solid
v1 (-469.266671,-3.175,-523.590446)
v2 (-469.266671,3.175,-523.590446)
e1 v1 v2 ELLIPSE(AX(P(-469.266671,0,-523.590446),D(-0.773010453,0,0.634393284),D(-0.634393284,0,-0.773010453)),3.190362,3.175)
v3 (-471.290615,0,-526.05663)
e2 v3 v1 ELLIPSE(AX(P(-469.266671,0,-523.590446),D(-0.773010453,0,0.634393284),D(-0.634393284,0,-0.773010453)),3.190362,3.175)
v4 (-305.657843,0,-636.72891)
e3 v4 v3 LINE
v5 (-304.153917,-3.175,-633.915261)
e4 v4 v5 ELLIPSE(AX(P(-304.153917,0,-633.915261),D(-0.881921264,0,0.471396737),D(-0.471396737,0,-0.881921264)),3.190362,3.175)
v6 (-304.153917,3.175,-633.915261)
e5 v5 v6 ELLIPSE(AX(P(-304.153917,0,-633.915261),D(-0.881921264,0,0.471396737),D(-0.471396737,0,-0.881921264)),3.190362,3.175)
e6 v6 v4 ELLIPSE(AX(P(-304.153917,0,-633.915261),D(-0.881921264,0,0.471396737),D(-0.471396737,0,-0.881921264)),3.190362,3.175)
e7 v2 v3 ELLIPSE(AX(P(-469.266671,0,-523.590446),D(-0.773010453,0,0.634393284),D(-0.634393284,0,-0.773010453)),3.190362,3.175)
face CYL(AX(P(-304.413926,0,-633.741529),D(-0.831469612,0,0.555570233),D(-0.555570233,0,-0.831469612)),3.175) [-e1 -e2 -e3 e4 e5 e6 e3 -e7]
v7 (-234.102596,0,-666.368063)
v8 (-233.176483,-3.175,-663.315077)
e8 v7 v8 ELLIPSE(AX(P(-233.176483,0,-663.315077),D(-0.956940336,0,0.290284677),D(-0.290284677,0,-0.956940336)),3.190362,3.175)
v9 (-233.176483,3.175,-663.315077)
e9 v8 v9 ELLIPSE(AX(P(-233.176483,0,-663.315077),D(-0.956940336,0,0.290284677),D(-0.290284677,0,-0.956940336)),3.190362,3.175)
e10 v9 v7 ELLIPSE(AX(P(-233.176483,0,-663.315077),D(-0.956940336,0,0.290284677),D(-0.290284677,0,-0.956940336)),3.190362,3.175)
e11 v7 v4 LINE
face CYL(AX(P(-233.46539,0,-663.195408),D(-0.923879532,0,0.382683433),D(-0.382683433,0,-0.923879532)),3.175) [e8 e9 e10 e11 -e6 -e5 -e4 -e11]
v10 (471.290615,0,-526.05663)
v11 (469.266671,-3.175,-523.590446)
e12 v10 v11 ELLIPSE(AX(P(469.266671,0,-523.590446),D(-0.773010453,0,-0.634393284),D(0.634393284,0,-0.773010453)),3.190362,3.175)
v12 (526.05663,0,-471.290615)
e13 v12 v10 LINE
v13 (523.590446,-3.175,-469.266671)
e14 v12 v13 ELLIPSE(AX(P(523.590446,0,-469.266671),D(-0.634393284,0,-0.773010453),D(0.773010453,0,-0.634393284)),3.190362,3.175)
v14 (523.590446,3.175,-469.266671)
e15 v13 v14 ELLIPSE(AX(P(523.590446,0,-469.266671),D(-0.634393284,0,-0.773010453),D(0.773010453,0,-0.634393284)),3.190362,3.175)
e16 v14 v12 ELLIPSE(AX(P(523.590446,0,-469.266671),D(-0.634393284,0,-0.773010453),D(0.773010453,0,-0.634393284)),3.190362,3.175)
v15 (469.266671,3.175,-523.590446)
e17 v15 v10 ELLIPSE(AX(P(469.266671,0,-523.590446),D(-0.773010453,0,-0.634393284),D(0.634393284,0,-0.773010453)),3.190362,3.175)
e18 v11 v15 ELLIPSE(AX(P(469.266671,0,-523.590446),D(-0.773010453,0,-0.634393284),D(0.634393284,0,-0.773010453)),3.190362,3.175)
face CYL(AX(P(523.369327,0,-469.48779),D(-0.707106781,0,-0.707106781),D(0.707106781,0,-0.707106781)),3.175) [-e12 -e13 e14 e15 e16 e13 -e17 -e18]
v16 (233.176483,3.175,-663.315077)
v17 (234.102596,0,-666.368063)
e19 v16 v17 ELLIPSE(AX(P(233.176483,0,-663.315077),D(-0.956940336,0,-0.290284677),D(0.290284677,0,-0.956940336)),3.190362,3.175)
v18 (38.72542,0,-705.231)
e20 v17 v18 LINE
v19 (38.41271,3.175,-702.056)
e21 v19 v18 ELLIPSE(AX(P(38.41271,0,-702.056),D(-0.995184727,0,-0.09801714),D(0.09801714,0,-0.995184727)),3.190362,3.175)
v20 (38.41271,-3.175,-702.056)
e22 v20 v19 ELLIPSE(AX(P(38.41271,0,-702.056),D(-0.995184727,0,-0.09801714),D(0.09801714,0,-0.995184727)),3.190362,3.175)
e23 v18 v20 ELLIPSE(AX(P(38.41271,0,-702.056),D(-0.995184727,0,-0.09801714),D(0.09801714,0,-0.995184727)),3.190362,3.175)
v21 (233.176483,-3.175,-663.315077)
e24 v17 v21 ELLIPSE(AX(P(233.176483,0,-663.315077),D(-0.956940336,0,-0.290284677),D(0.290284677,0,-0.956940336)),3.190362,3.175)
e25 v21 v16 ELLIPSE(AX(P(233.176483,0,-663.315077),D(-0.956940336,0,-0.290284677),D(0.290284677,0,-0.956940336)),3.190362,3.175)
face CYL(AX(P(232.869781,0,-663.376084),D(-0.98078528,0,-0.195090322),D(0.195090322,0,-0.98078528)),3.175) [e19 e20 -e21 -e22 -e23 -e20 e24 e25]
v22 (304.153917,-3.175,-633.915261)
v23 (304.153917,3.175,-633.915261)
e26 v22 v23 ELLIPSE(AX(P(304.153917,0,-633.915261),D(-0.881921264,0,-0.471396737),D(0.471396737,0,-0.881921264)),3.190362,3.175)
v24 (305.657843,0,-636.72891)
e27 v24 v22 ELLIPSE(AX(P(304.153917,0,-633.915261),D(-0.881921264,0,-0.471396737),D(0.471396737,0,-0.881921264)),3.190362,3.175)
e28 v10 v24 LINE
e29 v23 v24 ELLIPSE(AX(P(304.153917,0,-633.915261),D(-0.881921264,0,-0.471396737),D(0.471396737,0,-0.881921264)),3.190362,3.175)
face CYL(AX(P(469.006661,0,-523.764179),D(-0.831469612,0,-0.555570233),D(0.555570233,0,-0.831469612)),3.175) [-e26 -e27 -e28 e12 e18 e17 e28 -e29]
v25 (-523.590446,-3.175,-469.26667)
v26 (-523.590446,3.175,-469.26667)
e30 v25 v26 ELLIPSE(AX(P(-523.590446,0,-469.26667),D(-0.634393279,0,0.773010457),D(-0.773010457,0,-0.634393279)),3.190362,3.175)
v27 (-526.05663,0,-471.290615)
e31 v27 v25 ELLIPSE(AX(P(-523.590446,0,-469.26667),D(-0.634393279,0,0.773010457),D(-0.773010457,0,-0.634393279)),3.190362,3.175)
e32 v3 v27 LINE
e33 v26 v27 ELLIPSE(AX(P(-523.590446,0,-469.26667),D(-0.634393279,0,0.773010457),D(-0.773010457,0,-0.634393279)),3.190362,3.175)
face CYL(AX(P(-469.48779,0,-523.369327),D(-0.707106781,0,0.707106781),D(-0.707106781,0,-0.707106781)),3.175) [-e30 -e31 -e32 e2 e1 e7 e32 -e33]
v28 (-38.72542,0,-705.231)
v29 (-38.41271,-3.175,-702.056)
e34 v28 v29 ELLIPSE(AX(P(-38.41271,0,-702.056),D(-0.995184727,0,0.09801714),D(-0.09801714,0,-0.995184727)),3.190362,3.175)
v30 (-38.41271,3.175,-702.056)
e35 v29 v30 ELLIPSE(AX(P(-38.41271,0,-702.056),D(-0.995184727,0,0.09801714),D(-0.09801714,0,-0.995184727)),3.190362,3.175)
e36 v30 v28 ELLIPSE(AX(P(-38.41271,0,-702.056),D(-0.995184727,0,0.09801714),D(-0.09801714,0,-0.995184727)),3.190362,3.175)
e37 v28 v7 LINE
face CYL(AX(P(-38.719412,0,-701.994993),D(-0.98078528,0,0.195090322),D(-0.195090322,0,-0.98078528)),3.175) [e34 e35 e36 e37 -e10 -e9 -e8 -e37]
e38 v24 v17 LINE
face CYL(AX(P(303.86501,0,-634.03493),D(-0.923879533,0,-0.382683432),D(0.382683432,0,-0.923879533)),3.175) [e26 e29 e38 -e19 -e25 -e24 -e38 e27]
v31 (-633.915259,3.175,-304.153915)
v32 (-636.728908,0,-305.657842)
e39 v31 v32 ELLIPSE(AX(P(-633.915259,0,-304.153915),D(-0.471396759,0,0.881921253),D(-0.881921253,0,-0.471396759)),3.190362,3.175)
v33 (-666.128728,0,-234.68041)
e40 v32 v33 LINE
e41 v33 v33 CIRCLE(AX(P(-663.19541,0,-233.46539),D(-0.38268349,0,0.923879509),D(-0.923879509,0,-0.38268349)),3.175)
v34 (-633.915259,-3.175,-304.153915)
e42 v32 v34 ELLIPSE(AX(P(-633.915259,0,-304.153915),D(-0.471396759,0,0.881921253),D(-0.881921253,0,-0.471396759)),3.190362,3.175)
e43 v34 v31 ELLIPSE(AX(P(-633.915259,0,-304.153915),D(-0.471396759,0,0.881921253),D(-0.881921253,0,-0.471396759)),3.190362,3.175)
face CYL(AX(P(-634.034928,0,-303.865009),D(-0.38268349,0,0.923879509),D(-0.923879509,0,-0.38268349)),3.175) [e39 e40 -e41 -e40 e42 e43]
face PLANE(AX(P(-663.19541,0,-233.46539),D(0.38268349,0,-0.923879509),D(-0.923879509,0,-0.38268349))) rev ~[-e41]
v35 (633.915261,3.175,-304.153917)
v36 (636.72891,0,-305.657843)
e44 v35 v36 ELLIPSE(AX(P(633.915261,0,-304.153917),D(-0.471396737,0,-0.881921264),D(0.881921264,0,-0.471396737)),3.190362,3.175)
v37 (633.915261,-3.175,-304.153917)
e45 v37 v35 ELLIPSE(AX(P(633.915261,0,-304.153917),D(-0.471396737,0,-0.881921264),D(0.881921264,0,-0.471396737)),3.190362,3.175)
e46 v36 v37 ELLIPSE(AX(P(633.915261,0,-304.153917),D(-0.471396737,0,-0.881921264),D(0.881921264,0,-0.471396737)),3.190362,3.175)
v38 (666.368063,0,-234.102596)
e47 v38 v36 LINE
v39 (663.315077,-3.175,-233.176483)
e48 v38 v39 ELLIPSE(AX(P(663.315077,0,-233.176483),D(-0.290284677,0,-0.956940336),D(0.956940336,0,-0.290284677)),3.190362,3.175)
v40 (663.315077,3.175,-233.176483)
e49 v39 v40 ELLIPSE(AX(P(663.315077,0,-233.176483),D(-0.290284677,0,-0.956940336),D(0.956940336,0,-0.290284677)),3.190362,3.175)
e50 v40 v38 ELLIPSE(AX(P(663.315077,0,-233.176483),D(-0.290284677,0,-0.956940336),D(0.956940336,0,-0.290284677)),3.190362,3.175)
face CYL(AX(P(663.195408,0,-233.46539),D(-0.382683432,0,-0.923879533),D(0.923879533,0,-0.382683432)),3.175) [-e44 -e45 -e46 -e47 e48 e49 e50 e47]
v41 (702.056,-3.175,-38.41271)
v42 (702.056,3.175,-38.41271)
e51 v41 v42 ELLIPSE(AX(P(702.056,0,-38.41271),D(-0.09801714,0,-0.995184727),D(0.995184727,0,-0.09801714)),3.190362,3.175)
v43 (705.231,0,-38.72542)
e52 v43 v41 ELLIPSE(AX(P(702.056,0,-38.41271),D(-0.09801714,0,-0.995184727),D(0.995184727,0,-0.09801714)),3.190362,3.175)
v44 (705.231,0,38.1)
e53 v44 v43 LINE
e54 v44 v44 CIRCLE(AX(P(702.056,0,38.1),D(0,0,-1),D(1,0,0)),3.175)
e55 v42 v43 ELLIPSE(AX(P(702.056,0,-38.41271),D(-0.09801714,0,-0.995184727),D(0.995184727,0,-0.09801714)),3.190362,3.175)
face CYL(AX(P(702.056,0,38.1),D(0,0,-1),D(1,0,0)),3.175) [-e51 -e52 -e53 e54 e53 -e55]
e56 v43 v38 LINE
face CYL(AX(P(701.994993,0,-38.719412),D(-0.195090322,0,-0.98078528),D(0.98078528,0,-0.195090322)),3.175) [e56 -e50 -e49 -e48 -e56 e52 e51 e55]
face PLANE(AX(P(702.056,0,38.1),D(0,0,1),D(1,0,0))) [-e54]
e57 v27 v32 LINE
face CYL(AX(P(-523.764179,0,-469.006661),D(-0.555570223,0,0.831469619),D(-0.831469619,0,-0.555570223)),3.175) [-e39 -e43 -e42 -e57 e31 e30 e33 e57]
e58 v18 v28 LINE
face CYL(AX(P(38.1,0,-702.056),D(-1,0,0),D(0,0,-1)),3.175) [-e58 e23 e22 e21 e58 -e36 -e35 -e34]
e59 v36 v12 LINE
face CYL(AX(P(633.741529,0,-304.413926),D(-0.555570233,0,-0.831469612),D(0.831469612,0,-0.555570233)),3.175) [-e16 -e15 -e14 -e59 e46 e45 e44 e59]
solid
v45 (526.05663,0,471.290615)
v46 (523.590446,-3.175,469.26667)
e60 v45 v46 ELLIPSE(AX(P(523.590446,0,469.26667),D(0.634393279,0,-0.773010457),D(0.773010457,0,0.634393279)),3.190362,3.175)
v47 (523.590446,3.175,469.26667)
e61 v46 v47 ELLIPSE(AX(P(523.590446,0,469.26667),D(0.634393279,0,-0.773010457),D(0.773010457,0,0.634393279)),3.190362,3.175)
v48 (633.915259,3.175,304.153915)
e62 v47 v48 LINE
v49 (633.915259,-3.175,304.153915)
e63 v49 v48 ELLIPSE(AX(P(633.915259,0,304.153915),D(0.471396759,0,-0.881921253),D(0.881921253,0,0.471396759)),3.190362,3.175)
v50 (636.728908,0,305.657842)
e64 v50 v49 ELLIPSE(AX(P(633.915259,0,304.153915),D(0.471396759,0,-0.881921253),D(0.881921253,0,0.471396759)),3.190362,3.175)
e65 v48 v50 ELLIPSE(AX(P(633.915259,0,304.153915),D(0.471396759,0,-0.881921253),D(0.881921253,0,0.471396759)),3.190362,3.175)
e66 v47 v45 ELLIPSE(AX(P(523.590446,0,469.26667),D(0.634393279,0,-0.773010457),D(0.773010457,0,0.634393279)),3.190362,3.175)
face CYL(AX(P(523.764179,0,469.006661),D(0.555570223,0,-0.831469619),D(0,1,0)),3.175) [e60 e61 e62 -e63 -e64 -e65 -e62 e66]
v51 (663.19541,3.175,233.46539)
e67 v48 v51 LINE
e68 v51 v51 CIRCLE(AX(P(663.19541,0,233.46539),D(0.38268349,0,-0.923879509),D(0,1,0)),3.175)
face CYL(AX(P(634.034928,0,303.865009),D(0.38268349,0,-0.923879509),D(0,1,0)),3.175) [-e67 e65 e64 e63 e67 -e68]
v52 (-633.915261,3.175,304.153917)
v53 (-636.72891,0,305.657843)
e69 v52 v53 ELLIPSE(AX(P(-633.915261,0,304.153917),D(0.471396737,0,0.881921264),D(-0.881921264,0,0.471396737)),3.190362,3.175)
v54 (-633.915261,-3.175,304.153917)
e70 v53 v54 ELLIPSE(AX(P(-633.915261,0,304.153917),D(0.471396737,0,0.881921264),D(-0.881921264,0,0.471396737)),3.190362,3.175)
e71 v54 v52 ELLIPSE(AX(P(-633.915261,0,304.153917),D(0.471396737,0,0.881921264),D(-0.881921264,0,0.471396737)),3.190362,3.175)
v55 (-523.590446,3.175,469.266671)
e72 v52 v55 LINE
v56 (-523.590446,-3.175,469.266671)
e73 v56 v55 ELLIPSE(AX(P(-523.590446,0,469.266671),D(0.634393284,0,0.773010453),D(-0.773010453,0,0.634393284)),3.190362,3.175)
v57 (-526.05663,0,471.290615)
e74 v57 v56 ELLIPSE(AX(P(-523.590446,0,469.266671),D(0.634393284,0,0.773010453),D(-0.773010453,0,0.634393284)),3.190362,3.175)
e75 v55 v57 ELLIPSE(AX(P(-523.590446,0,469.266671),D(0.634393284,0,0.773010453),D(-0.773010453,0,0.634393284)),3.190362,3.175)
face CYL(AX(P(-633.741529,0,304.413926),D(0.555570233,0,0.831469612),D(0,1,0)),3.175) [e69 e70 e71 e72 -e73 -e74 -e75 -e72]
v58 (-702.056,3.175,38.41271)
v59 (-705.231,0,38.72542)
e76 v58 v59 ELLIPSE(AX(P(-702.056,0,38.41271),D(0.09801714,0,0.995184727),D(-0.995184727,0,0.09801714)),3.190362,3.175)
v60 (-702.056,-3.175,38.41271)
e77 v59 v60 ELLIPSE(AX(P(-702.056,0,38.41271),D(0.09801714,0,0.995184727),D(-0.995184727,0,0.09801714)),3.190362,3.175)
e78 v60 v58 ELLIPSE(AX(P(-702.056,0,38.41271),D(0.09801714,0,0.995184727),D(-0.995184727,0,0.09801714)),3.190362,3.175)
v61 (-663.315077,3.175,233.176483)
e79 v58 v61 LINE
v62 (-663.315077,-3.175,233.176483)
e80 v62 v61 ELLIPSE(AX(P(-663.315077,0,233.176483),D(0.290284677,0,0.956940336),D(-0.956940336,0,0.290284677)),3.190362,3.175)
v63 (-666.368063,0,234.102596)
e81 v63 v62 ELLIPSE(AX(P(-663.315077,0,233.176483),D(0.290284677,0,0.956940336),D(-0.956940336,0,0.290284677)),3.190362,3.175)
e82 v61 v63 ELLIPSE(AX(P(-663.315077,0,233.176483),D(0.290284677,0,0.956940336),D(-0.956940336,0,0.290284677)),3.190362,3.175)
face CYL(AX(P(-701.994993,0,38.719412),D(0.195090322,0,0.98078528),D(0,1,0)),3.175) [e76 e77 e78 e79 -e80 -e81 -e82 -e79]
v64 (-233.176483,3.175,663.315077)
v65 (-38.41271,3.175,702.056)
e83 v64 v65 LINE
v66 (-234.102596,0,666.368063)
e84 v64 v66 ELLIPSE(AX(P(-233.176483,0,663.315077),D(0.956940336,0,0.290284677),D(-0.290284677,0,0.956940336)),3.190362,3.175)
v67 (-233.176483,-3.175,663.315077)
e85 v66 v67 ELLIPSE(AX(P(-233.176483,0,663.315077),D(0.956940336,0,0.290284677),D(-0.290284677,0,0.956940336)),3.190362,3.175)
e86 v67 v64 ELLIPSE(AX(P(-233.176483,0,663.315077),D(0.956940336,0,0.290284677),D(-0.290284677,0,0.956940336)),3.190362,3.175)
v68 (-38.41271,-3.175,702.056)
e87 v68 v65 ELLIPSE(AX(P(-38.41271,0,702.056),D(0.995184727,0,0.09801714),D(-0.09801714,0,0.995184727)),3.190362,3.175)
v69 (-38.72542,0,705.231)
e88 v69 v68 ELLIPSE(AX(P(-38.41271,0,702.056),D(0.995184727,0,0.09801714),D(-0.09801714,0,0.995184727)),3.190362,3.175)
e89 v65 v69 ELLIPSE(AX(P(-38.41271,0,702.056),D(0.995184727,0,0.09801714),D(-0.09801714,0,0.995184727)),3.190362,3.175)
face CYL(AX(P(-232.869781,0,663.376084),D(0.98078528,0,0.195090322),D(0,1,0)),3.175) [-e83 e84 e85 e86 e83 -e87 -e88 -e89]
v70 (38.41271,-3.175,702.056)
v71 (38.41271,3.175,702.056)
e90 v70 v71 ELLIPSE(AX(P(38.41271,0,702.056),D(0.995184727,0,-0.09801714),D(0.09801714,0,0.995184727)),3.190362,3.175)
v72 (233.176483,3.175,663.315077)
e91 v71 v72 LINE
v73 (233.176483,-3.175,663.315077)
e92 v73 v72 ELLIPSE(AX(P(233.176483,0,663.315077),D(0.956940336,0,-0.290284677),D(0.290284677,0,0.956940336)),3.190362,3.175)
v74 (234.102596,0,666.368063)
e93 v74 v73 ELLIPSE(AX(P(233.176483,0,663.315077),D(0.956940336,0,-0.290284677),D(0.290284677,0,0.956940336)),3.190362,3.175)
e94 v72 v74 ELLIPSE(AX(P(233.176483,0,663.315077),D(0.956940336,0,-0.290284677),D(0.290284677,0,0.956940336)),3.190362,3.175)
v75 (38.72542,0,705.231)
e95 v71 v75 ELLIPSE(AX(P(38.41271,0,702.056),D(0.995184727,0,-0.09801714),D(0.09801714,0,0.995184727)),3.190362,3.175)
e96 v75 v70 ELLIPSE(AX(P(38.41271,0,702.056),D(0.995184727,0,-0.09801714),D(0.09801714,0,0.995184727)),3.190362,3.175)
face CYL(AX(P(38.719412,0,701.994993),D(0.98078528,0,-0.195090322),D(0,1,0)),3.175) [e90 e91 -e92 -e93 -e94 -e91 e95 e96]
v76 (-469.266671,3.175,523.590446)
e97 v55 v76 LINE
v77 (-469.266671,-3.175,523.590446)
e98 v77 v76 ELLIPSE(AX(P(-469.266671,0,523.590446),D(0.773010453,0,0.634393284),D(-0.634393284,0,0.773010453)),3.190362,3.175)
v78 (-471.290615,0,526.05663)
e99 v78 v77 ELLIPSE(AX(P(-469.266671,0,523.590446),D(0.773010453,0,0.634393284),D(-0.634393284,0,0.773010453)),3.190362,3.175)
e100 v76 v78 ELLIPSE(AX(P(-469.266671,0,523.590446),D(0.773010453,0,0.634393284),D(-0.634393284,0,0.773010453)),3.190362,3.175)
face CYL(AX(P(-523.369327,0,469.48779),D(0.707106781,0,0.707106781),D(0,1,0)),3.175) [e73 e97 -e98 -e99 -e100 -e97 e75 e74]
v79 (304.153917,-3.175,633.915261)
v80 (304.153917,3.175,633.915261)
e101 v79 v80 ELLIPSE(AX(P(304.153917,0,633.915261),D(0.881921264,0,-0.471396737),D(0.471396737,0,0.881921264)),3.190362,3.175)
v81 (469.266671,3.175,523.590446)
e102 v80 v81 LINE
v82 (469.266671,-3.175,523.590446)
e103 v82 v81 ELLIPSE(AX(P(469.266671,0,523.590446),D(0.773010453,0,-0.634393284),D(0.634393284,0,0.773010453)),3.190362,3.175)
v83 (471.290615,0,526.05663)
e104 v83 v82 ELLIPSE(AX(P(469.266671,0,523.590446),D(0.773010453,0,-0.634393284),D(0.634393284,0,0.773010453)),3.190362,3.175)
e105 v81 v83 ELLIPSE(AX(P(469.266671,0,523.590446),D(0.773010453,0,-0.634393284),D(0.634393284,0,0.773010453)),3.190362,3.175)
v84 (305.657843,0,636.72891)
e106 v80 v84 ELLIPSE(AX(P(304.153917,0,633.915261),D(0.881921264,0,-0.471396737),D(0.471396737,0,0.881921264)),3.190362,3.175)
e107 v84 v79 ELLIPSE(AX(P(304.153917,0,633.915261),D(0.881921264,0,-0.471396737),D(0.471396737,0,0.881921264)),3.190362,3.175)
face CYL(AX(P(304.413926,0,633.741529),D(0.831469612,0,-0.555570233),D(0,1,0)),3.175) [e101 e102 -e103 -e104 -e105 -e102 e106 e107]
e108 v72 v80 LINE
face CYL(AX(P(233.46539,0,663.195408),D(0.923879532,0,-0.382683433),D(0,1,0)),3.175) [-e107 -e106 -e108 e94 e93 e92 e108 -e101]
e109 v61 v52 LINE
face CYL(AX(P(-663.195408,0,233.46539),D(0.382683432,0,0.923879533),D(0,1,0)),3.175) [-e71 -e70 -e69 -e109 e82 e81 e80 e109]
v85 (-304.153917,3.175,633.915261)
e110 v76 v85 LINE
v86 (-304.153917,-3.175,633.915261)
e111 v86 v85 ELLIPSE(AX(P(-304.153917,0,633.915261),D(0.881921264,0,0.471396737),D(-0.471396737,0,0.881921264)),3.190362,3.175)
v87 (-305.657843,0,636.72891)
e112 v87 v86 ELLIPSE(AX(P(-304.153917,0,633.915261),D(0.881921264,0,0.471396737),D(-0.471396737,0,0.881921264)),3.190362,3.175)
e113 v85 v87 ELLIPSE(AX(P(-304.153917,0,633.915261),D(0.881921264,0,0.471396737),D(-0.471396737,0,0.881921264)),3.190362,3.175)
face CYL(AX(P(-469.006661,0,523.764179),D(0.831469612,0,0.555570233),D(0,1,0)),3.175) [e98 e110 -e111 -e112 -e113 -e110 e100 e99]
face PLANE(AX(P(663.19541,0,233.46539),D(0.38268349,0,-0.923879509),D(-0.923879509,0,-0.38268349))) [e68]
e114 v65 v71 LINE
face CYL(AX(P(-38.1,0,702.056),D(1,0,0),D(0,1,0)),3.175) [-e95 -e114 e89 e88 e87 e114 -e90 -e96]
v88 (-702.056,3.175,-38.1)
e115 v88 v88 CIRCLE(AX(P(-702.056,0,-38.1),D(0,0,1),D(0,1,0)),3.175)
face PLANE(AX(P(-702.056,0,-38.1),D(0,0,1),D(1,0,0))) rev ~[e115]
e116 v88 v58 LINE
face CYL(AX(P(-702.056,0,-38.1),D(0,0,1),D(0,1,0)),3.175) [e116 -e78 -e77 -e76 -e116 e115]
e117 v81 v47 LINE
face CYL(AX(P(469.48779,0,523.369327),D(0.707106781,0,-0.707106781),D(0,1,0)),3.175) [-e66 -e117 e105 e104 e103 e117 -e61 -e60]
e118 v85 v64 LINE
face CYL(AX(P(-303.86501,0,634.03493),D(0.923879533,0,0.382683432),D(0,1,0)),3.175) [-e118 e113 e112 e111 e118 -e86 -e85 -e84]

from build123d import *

# Parameters (mm, degrees)
F1_R = 3.175
F2_R = 3.175


with BuildPart() as f3:
    # F3: sweep along a path in F0
    with BuildLine(Plane.XZ) as f3_path:
        Line((-698.881, -38.1), (-698.881, 38.1))
        Line((-698.881, 38.1), (-660.2620903341, 232.2503697061))
        Line((-660.2620903341, 232.2503697061), (-631.1016127879, 302.6499900834))
        Line((-631.1016127879, 302.6499900834), (-521.1242627056, 467.2427259792))
        Line((-521.1242627056, 467.2427259792), (-467.2427259792, 521.1242627056))
        Line((-467.2427259792, 521.1242627056), (-302.6499900834, 631.1016127879))
        Line((-302.6499900834, 631.1016127879), (-232.2503697061, 660.2620903341))
        Line((-232.2503697061, 660.2620903341), (-38.1, 698.881))
        Line((-38.1, 698.881), (38.1, 698.881))
        Line((38.1, 698.881), (232.2503697075, 660.2620903415))
        Line((232.2503697075, 660.2620903415), (302.6499900793, 631.1016127817))
        Line((302.6499900793, 631.1016127817), (467.2427259792, 521.1242627056))
        Line((467.2427259792, 521.1242627056), (521.1242627056, 467.2427259792))
        Line((521.1242627056, 467.2427259792), (631.1016107739, 302.6499887377))
        Line((631.1016107739, 302.6499887377), (660.2620927099, 232.2503701786))
    # F1 (on Right) → F3 (sweep)
    with BuildSketch(Plane.YZ):
        with Locations((0, 702.056)):
            Circle(F1_R)
    sweep(path=f3_path.line, transition=Transition.RIGHT)


with BuildPart() as f4:
    # F4: sweep along a path in F0
    with BuildLine(Plane.XZ) as f4_path:
        Line((698.881, 38.1), (698.881, -38.1))
        Line((698.881, -38.1), (660.2620903341, -232.2503697061))
        Line((660.2620903341, -232.2503697061), (631.1016127879, -302.6499900834))
        Line((631.1016127879, -302.6499900834), (521.1242627056, -467.2427259792))
        Line((521.1242627056, -467.2427259792), (467.2427259792, -521.1242627056))
        Line((467.2427259792, -521.1242627056), (302.6499900834, -631.1016127879))
        Line((302.6499900834, -631.1016127879), (232.2503697061, -660.2620903341))
        Line((232.2503697061, -660.2620903341), (38.1, -698.881))
        Line((38.1, -698.881), (-38.1, -698.881))
        Line((-38.1, -698.881), (-232.2503697075, -660.2620903415))
        Line((-232.2503697075, -660.2620903415), (-302.6499900793, -631.1016127817))
        Line((-302.6499900793, -631.1016127817), (-467.2427259792, -521.1242627056))
        Line((-467.2427259792, -521.1242627056), (-521.1242627056, -467.2427259792))
        Line((-521.1242627056, -467.2427259792), (-631.1016107739, -302.6499887377))
        Line((-631.1016107739, -302.6499887377), (-660.2620927099, -232.2503701786))
    # F2 (on Top) → F4 (sweep)
    with BuildSketch(Plane.XY):
        with Locations((702.056, 0)):
            Circle(F2_R)
    sweep(path=f4_path.line, transition=Transition.RIGHT)


solid = Compound([f3.part, f4.part])
